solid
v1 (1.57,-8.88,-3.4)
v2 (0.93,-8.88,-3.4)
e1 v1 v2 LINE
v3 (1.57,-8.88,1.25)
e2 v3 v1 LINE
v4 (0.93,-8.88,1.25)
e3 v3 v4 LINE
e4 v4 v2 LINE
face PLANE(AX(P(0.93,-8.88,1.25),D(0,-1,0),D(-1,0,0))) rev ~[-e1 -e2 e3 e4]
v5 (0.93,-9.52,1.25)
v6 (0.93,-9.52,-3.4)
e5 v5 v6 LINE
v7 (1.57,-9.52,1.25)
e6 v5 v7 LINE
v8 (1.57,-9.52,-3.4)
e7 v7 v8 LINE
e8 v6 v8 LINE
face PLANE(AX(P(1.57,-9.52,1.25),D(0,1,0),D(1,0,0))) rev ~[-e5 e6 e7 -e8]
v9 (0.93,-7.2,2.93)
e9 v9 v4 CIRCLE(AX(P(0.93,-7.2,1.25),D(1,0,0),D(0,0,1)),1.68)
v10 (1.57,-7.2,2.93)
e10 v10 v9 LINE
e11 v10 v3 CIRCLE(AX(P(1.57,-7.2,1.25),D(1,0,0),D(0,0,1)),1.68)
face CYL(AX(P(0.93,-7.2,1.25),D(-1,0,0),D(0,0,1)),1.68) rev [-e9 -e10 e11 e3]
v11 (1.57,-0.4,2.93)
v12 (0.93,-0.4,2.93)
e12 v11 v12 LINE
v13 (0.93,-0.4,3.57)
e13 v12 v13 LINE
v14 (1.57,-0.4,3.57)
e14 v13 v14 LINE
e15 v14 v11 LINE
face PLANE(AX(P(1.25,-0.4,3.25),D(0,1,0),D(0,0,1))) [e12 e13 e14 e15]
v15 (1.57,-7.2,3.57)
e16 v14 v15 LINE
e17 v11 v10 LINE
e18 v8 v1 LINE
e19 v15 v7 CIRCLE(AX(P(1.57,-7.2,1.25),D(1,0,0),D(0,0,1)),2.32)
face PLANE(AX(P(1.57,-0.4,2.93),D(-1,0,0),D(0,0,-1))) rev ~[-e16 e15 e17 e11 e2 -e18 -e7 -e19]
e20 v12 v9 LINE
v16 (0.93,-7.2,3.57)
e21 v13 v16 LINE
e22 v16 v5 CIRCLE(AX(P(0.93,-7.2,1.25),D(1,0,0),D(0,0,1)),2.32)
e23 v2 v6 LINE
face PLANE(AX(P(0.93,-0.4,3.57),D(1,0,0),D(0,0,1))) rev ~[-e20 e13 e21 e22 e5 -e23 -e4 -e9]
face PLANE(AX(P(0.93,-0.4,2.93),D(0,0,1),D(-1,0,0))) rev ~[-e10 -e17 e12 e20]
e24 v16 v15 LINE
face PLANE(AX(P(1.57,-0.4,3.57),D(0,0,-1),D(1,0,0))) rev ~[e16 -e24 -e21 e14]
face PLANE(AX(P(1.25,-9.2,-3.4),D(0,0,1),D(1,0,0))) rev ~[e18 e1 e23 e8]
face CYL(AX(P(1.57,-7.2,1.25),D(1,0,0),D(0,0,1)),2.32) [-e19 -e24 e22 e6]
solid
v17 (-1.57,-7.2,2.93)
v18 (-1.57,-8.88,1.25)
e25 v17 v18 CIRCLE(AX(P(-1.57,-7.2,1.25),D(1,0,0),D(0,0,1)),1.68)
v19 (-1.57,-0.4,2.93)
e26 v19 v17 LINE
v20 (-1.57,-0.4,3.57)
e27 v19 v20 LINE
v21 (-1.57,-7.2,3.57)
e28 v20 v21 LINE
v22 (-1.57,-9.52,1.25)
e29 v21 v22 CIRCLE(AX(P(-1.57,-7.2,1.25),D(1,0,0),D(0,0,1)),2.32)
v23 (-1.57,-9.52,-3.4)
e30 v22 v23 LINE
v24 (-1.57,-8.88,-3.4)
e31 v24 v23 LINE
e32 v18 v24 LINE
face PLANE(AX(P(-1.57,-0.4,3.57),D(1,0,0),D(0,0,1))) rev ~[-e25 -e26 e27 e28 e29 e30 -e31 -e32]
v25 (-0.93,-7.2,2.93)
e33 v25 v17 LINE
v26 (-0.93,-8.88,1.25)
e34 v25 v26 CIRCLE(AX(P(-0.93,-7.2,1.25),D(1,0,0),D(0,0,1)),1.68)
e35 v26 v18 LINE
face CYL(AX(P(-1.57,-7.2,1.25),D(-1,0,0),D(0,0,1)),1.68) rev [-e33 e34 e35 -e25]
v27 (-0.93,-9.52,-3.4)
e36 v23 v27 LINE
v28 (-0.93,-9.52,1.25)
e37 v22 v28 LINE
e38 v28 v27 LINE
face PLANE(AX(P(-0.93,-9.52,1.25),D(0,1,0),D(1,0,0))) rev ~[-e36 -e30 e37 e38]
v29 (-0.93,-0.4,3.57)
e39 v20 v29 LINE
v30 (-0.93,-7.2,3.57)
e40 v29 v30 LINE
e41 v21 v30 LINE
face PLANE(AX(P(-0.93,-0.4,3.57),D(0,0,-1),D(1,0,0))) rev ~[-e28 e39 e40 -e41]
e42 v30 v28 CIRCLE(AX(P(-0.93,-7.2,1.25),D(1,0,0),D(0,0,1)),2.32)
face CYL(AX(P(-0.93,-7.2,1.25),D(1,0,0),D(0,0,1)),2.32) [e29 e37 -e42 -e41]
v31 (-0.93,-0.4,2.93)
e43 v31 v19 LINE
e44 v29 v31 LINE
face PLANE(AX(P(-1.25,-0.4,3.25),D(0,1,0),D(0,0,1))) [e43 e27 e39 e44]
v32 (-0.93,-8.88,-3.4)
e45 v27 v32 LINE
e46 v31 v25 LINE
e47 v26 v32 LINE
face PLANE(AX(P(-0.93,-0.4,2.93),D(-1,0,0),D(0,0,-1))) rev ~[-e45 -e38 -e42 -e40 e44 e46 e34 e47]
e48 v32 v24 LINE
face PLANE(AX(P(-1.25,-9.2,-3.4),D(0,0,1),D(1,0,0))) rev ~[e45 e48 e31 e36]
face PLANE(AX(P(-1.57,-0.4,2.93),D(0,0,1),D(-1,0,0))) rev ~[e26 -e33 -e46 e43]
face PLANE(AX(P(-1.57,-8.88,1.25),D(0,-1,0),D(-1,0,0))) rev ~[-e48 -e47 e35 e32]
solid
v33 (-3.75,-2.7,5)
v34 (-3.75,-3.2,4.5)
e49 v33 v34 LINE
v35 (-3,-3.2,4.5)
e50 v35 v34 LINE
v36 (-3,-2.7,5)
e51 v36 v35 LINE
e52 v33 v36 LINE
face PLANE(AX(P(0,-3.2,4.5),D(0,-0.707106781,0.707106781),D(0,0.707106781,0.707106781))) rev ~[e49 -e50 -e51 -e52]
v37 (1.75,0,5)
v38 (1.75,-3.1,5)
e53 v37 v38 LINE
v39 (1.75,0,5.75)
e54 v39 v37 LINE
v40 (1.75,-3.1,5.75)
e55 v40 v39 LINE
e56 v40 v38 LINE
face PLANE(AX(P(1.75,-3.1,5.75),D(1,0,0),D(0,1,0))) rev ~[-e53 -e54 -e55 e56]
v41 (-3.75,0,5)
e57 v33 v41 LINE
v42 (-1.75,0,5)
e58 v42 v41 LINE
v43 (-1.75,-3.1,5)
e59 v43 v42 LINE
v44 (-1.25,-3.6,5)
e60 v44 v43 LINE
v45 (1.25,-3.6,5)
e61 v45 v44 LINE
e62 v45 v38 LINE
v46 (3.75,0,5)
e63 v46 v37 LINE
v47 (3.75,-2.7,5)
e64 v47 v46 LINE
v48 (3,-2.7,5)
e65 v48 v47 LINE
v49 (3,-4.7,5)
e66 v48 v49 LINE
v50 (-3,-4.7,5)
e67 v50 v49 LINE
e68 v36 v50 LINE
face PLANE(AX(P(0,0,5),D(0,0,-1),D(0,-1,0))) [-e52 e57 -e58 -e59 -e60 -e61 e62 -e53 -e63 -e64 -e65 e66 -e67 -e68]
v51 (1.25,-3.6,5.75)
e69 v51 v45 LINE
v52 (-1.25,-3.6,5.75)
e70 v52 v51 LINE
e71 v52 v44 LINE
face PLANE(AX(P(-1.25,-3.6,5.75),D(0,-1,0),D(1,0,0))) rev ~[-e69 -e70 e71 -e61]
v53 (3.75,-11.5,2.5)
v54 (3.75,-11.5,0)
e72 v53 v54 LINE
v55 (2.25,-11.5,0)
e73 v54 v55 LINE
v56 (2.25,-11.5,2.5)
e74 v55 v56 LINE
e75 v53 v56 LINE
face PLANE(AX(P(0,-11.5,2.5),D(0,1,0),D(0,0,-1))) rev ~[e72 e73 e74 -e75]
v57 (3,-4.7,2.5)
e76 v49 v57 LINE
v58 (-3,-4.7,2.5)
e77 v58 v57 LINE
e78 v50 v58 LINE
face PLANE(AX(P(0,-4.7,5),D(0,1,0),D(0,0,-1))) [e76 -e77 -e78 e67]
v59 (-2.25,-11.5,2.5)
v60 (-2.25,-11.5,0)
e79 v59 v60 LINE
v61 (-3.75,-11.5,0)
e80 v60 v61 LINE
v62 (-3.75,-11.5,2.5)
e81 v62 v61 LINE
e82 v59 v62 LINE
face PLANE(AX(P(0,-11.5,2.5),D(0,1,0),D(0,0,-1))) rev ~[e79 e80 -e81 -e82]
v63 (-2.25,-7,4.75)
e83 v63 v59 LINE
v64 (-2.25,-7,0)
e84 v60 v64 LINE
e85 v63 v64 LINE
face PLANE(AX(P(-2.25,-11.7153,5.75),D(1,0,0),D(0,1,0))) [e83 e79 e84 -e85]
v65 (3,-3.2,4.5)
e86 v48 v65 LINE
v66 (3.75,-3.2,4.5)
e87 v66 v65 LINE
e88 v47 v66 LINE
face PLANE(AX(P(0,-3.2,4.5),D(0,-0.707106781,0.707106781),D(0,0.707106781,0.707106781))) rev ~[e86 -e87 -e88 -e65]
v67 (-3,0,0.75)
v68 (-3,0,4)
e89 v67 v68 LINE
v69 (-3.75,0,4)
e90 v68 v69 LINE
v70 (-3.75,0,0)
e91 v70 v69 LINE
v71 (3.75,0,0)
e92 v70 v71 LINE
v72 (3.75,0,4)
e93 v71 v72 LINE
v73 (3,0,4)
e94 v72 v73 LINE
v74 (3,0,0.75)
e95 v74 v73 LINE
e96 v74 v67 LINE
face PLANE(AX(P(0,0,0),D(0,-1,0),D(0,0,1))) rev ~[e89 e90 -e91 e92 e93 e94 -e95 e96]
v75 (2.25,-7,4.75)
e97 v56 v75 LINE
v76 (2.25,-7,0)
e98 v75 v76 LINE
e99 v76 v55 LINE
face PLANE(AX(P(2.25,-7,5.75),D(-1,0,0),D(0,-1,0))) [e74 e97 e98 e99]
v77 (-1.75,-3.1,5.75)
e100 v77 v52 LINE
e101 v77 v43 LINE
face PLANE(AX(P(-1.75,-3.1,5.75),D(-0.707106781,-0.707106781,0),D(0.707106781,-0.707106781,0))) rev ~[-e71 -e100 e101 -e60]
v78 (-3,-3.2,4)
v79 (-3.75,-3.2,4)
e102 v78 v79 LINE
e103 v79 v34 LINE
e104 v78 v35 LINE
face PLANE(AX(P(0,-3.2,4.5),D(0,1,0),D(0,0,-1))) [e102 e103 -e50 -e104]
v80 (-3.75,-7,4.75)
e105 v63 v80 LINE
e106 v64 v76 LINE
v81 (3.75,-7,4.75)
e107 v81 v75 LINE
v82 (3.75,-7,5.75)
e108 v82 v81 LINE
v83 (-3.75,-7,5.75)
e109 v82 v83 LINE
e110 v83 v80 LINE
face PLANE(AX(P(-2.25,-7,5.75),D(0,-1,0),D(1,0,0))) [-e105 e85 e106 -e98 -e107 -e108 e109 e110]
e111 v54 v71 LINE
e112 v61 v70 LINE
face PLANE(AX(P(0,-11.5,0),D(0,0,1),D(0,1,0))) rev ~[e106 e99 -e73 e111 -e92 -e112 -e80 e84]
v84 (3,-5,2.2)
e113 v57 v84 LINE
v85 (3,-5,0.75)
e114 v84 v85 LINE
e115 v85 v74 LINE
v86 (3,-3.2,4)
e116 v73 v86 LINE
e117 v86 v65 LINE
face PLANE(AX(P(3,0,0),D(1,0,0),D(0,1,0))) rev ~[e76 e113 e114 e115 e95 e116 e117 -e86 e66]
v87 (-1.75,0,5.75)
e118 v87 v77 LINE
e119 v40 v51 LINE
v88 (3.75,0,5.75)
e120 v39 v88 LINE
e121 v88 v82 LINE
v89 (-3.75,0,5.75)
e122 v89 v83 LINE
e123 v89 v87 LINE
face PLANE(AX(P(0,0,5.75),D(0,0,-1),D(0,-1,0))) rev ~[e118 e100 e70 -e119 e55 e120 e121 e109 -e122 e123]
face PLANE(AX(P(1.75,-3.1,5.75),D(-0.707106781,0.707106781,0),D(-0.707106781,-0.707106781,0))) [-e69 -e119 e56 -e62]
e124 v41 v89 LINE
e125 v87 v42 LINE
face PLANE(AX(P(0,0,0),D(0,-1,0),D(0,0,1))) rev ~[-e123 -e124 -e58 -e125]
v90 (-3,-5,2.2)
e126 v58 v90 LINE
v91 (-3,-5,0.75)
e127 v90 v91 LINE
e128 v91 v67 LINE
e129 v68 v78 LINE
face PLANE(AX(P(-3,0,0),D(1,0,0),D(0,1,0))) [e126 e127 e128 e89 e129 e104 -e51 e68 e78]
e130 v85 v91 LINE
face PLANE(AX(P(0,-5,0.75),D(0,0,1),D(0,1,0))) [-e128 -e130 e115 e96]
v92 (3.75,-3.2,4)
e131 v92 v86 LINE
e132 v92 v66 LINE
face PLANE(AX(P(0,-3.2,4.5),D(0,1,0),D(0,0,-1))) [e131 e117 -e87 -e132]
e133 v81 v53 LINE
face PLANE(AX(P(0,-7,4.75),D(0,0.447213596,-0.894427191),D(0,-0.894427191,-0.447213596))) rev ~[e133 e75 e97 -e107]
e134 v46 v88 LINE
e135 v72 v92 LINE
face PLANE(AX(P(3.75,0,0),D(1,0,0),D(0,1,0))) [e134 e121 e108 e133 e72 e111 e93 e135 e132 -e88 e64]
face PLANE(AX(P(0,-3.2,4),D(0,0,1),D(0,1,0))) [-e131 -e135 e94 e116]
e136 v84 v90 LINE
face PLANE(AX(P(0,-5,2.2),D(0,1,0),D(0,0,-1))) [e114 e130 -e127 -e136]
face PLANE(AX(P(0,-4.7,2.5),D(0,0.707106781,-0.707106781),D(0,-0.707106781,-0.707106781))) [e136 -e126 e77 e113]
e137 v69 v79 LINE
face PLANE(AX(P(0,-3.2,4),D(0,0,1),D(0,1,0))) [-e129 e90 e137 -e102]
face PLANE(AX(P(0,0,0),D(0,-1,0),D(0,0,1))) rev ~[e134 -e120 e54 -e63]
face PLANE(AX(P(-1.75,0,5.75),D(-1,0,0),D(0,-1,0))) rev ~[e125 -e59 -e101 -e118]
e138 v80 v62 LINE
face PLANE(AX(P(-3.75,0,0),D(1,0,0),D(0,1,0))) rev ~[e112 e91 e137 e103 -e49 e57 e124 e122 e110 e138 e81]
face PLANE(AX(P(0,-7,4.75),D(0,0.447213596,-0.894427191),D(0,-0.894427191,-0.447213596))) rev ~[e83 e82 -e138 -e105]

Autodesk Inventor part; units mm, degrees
ref_plane "YZ Plane" through (0, 0, 0) normal (1, 0, 0) x (0, 1, 0)
ref_plane "XZ Plane" through (0, 0, 0) normal (0, 1, 0) x (-1, 0, 0)
sketch "Boceto40" plane through (0, 0, 0) normal (1, 0, 0) x (0, 1, 0)
  line L0 (0, 0) -> (0, 5.75)
  line L1 (0, 5.75) -> (-7, 5.75)
  line L2 (-7, 5.75) -> (-7, 4.75)
  line L3 (-7, 4.75) -> (-11.5, 2.5)
  line L4 (-11.5, 2.5) -> (-11.5, 0)
  line L5 (-11.5, 0) -> (0, 0)
  dimension "d374" = 5.75
  dimension "d375" = 7
  dimension "d376" = 2.5
  dimension "d377" = 4.5
  dimension "d378" = 1
extrude "Extrusión13" add sketch "Boceto40" along normal mid plane 7.5
sketch "Boceto41" plane through (0, 0, 0) normal (1, 0, 0) x (0, 1, 0)
  line L0 (0, 0) -> (0, 5.75) construction
  line L1 (0, 5.75) -> (-7, 5.75) construction
  line L2 (-7, 5.75) -> (-7, 4.75) construction
  line L3 (-7, 4.75) -> (-11.5, 2.5) construction
  line L4 (-11.5, 2.5) -> (-11.5, 0) construction
  line L5 (-11.5, 0) -> (0, 0) construction
  line L6 (0, 5) -> (-4.7, 5)
  line L7 (-4.7, 5) -> (-4.7, 2.5)
  line L8 (-4.7, 2.5) -> (-5, 2.2)
  line L9 (-5, 2.2) -> (-5, 0.75)
  line L10 (-5, 0.75) -> (0, 0.75)
  line L11 (0, 0.75) -> (0, 5)
  dimension "d381" = 0.75
  dimension "d382" = 0.75
  dimension "d383" = 4.7
  dimension "d384" = 5
  dimension "d385" = 2.5
  dimension "d386" = 45
extrude "Extrusión14" cut sketch "Boceto41" along normal mid plane 6
sketch "Boceto42" plane through (0, 0, 0) normal (1, 0, 0) x (0, 1, 0)
  line L0 (0, 0) -> (0, 5.75) construction
  line L1 (0, 5.75) -> (-7, 5.75) construction
  line L2 (-7, 5.75) -> (-7, 4.75) construction
  line L3 (-7, 4.75) -> (-11.5, 2.5) construction
  line L4 (-11.5, 2.5) -> (-11.5, 0) construction
  line L5 (-11.5, 0) -> (0, 0) construction
  line L6 (0, 5) -> (-2.7, 5)
  line L7 (-3.2, 4.5) -> (-3.2, 4)
  line L8 (-3.2, 4) -> (0, 4)
  line L9 (0, 4) -> (0, 5)
  line L10 (-3.2, 4.5) -> (-2.7, 5)
  point P0 (-3.2, 5)
  dimension "d389" = 1
  dimension "d390" = 0.75
  dimension "d391" = 3.2
  dimension "d392" = 0.5
  dimension "d393" = 0.5
extrude "Extrusión15" cut sketch "Boceto42" along normal mid plane 10
sketch "Boceto43" plane through (-3.75, -7, 5.75) normal (0, 0, 1) x (1, 0, 0)
  line L0 (0, 0) -> (7.5, 0) construction
  line L1 (7.5, 7) -> (7.5, 0) construction
  line L2 (0, 7) -> (7.5, 7) construction
  line L3 (0, 0) -> (0, 7) construction
  line L4 (6, -4.7153) -> (1.5, -4.7153)
  line L5 (1.5, -4.7153) -> (1.5, 0)
  line L6 (1.5, 0) -> (6, 0)
  line L7 (6, 0) -> (6, -4.7153)
  point P0 (3.75, 7)
  dimension "d397" = 1.5
  dimension "d398" = 1.5
extrude "Extrusión16" cut sketch "Boceto43" against normal blind 10
ref_plane "Plano de trabajo12" through (-3, -0.4, 2.5) normal (0, 1, 0) x (1, 0, 0)
sketch "Boceto44" plane through (-3, -0.4, 2.5) normal (0, 1, 0) x (1, 0, 0)
  line L0 (0, 0) -> (6, 0) construction
  line L1 (0, 0) -> (0, -2.5) construction
  line L2 (0, -2.5) -> (6, -2.5) construction
  line L3 (6, -2.5) -> (6, 0) construction
  line L4 (4.57, -1.07) -> (3.93, -1.07)
  line L5 (3.93, -1.07) -> (3.93, -0.43)
  line L6 (3.93, -0.43) -> (4.57, -0.43)
  line L7 (4.57, -0.43) -> (4.57, -1.07)
  line L8 (2.07, -1.07) -> (1.43, -1.07)
  line L9 (1.43, -1.07) -> (1.43, -0.43)
  line L10 (1.43, -0.43) -> (2.07, -0.43)
  line L11 (2.07, -0.43) -> (2.07, -1.07)
  line L12 (3, 2.5) -> (3, -4.081) construction
  line L13 (4.25, -1.07) -> (4.25, -0.43) construction
  line L14 (1.75, -1.07) -> (1.75, -0.43) construction
  line L15 (4.57, -0.75) -> (3.93, -0.75) construction
  line L16 (2.07, -0.75) -> (1.43, -0.75) construction
  line L17 (-0.75, -3.25) -> (6.75, -3.25) projected
  dimension "d402" = 2.5
  dimension "d403" = 0.64
  dimension "d404" = 2.5
sketch "Boceto45" plane through (0, 0, 0) normal (1, 0, 0) x (0, 1, 0)
  line L0 (-0.4, 3.25) -> (-7.2, 3.25)
  line L1 (-9.2, 1.25) -> (-9.2, -3.4)
  line L2 (0, 0.75) -> (0, 4) projected
  arc A0 (-7.2, 3.25) -> (-9.2, 1.25) centre (-7.2, 1.25) ccw
  line L3 (0, 0) -> (-11.5, 0) projected
  dimension "d405" = 9.2
  dimension "d406" = 2
  dimension "d409" = 3.4
sweep "Barrido1" add profiles "Boceto44" path "Boceto45" separate body path curves L0 A0 L1
sketch "Boceto46" plane through (-3.75, -7, 5.75) normal (0, 0, 1) x (1, 0, 0)
  line L0 (0, 0) -> (7.5, 0) construction
  line L1 (7.5, 7) -> (7.5, 0) construction
  line L2 (0, 7) -> (7.5, 7) construction
  line L3 (0, 0) -> (0, 7) construction
  line L4 (5.5, 7) -> (2, 7)
  line L5 (2, 7) -> (2, 3.9)
  line L6 (2.5, 3.4) -> (5, 3.4)
  line L7 (5.5, 3.9) -> (5.5, 7)
  line L8 (2, 3.9) -> (2.5, 3.4)
  line L9 (5.5, 3.9) -> (5, 3.4)
  point P0 (3.75, 7)
  point P1 (2, 3.4)
  point P2 (5.5, 3.4)
  dimension "d412" = 3.6
  dimension "d413" = 2
  dimension "d414" = 2
  dimension "d415" = 0.5
  dimension "d416" = 0.5
  dimension "d417" = 0.5
  dimension "d418" = 0.5
extrude "Extrusión17" cut sketch "Boceto46" against normal blind 1 bodies 1
properties part number "4A-0363.43" material "Plástico PPS"
